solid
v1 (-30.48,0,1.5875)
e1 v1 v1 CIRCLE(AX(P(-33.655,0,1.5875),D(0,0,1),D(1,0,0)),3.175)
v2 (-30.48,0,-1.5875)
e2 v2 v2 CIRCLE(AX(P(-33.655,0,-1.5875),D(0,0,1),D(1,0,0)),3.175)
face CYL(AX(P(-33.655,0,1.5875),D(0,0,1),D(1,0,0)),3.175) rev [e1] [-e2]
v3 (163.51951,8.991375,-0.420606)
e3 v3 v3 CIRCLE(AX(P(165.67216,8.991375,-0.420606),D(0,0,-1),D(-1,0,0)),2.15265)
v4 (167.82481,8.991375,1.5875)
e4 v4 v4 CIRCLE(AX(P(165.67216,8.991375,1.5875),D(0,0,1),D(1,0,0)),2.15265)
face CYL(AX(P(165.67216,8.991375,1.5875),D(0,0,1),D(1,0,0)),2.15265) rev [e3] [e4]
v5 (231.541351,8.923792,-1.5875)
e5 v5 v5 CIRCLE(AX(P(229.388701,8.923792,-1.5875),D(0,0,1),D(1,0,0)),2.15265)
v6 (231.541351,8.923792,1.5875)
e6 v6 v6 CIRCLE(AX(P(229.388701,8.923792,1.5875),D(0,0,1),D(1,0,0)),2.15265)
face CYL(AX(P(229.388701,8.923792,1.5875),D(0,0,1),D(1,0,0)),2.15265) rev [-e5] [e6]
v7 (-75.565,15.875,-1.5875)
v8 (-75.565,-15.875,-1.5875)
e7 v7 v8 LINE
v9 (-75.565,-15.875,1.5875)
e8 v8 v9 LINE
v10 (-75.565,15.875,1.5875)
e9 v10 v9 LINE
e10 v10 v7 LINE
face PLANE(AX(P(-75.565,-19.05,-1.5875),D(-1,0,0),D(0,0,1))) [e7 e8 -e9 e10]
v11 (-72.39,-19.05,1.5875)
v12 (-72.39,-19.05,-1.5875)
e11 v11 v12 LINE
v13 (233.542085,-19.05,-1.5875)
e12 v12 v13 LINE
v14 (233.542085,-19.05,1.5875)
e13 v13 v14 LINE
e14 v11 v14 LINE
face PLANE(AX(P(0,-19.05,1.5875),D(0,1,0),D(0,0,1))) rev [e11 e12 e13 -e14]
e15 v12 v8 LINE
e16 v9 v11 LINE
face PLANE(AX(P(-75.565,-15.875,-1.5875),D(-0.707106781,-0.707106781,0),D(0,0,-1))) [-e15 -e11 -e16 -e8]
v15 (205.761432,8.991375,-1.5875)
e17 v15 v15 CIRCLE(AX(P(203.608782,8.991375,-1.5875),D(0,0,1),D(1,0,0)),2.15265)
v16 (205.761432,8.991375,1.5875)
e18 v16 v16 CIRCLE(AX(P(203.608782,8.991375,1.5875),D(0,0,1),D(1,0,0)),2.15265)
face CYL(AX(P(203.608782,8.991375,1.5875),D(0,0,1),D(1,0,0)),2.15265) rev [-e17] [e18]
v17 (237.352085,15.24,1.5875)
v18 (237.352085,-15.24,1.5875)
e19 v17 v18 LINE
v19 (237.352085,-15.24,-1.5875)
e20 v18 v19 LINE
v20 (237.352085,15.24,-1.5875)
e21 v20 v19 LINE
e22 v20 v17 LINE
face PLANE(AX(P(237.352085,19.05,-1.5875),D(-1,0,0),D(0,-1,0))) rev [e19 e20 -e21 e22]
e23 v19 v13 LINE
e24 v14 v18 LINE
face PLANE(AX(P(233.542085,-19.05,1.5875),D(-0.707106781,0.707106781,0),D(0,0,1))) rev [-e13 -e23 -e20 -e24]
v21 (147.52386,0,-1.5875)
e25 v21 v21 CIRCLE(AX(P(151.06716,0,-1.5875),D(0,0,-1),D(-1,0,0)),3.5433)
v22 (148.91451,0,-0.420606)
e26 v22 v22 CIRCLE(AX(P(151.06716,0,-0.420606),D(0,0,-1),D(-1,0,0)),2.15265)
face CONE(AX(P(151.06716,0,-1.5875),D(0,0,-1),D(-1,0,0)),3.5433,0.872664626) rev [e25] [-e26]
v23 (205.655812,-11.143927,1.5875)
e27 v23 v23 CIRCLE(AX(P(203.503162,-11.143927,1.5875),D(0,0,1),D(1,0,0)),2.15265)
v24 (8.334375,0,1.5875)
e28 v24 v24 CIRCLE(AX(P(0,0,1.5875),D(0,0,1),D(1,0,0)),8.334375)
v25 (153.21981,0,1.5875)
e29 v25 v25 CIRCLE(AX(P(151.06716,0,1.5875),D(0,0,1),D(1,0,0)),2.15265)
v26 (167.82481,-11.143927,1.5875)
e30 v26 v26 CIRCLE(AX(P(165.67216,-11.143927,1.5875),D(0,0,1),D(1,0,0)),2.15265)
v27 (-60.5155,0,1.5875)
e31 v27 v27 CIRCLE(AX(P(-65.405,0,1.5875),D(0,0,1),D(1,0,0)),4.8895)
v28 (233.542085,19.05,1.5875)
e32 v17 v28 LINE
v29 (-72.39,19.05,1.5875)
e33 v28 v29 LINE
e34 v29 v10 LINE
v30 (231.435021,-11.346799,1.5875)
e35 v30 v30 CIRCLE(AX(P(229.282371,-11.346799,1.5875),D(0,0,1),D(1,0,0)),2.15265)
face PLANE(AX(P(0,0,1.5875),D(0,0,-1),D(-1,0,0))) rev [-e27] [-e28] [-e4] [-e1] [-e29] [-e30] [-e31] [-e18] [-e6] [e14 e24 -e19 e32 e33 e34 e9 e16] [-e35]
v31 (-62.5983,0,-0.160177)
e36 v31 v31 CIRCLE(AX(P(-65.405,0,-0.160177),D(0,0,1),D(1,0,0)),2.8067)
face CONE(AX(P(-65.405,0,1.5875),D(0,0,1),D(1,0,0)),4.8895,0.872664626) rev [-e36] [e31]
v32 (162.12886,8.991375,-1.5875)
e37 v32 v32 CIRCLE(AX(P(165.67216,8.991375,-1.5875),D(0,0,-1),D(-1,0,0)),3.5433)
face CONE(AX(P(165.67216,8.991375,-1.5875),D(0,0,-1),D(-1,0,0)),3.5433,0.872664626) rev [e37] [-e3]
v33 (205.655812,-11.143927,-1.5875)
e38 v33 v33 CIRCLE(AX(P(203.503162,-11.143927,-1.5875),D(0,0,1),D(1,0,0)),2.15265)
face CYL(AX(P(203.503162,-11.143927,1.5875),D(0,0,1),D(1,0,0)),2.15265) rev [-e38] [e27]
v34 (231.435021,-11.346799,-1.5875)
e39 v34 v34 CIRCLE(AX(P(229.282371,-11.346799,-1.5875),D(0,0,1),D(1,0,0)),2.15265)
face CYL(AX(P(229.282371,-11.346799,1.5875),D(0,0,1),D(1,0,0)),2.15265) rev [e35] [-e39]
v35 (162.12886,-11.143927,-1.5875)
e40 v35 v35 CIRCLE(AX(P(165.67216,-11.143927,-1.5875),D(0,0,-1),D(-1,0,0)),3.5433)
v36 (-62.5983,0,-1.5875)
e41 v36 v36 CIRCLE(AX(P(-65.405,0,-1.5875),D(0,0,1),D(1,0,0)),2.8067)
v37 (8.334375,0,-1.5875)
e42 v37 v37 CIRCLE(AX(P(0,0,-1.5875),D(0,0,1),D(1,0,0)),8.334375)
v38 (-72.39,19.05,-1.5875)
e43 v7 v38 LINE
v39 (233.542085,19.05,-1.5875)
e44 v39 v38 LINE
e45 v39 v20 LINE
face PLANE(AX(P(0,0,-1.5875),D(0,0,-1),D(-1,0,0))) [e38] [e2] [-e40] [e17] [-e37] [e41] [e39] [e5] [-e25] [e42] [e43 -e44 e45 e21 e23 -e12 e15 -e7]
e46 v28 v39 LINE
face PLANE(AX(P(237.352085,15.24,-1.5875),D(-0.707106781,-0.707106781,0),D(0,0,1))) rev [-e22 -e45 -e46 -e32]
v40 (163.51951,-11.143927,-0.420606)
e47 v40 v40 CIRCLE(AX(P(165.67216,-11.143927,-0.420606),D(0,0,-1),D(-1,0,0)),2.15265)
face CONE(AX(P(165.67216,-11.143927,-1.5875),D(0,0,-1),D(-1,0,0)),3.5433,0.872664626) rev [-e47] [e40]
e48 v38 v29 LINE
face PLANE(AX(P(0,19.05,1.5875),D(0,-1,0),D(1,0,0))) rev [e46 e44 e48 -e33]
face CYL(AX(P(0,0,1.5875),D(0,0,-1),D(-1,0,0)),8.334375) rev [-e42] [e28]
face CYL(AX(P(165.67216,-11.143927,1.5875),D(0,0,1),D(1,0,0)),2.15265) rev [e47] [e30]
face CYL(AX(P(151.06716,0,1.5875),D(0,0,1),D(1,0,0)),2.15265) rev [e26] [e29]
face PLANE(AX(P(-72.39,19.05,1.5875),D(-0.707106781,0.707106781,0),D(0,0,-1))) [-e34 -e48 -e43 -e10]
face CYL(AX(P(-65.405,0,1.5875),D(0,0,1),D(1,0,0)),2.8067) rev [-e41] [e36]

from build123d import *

# Parameters (mm, degrees)
SKETCH1_R                                         = 8.334375
BOSS_EXTRUDE1_DEPTH                               = 1.5875
F_6_CLEARANCE_HOLE3_D                             = 4.3053
CUT_EXTRUDE1_DEPTH                                = 4.175
CHAMFER1_SIZE                                     = 3.81
SKETCH10_W                                        = 50.8
SKETCH10_H                                        = 38.1
BOSS_EXTRUDE2_DEPTH                               = 3.175
CHAMFER2_SIZE                                     = 3.175
F_1_4_0_25_DIAMETER_HOLE1_D                       = 6.35
CSK_FOR_6_FLAT_HEAD_MACHINE_SCREW_100_D           = 4.3053
CSK_FOR_6_FLAT_HEAD_MACHINE_SCREW_100_CSINK_D     = 7.0866
CSK_FOR_6_FLAT_HEAD_MACHINE_SCREW_100_CSINK_ANGLE = 100


with BuildPart() as part:
    # Sketch1 → Boss-Extrude1 (new body, symmetric)
    with BuildSketch(Plane.XY):
        Polygon((0, 19.05), (-28.575, 19.05), (-28.575, -19.05), (0, -19.05), (247.281942035, -19.05), (254, 19.05), align=None)
        Circle(SKETCH1_R, mode=Mode.SUBTRACT)
    extrude(amount=BOSS_EXTRUDE1_DEPTH, both=True)

    # #6 Clearance Hole3 (through all)
    with Locations(Plane.XY.offset(1.5875)):
        with Locations((229.388701471, 8.923791784), (229.282371239, -11.346798968), (203.503161764, -11.143926969), (203.608782335, 8.991375351), (165.672159691, 8.991375351), (165.672159691, -11.143926969), (151.067159691, 0)):
            Hole(F_6_CLEARANCE_HOLE3_D / 2)

    # Sketch9 → Cut-Extrude1 (cut, through all)
    with BuildSketch(Plane.XY.offset(1.5875)):
        Polygon((254, 19.05), (247.281942035, -19.05), (237.352085197, -19.05), (237.352085197, 19.05), align=None)
    extrude(amount=-CUT_EXTRUDE1_DEPTH, mode=Mode.SUBTRACT)

    # Chamfer1
    chamfer1_edges = [part.edges().sort_by_distance(p)[0] for p in [
        (-28.575, -19.05, 0),
        (-28.575, 19.05, 0),
        (237.352085197, 19.05, 0),
        (237.352085197, -19.05, 0),
    ]]
    chamfer(chamfer1_edges, length=CHAMFER1_SIZE)

    # Sketch10 → Boss-Extrude2 (add, through all)
    with BuildSketch(Plane.XY.offset(1.5875)):
        with Locations((-50.165, 0)):
            Rectangle(SKETCH10_W, SKETCH10_H)
    extrude(amount=-BOSS_EXTRUDE2_DEPTH)

    # Chamfer2
    chamfer2_edges = [part.edges().sort_by_distance(p)[0] for p in [
        (-75.565, -19.05, 0),
        (-75.565, 19.05, 0),
    ]]
    chamfer(chamfer2_edges, length=CHAMFER2_SIZE)

    # Sketch12 → CSK for #10 Flat Head Machine Screw (100)1 (revolve, cut)
    with BuildSketch(Plane(origin=(-65.405, 0, 1.5875), x_dir=(0, -1, 0), z_dir=(1, 0, 0))):
        Polygon((0, 0), (0, 3.175), (2.8067, 3.175), (2.8067, 1.747676712), (4.8895, 0), align=None)
    revolve(axis=Axis((-65.405, 0, 7.9375), (0, 0, -1)), mode=Mode.SUBTRACT)

    # 1/4 (0.25) Diameter Hole1 (through all)
    with Locations(Plane.XY.offset(1.5875)):
        with Locations((-33.655, 0)):
            Hole(F_1_4_0_25_DIAMETER_HOLE1_D / 2)

    # CSK for #6 Flat Head Machine Screw (100)1 (through all)
    with Locations(Plane(origin=(0, 0, -1.5875), x_dir=(-1, 0, 0), z_dir=(0, 0, -1))):
        with Locations((-151.067159691, 0), (-165.672159691, -11.143926969), (-165.672159691, 8.991375351)):
            CounterSinkHole(CSK_FOR_6_FLAT_HEAD_MACHINE_SCREW_100_D / 2, CSK_FOR_6_FLAT_HEAD_MACHINE_SCREW_100_CSINK_D / 2, counter_sink_angle=CSK_FOR_6_FLAT_HEAD_MACHINE_SCREW_100_CSINK_ANGLE)


solid = part.part
